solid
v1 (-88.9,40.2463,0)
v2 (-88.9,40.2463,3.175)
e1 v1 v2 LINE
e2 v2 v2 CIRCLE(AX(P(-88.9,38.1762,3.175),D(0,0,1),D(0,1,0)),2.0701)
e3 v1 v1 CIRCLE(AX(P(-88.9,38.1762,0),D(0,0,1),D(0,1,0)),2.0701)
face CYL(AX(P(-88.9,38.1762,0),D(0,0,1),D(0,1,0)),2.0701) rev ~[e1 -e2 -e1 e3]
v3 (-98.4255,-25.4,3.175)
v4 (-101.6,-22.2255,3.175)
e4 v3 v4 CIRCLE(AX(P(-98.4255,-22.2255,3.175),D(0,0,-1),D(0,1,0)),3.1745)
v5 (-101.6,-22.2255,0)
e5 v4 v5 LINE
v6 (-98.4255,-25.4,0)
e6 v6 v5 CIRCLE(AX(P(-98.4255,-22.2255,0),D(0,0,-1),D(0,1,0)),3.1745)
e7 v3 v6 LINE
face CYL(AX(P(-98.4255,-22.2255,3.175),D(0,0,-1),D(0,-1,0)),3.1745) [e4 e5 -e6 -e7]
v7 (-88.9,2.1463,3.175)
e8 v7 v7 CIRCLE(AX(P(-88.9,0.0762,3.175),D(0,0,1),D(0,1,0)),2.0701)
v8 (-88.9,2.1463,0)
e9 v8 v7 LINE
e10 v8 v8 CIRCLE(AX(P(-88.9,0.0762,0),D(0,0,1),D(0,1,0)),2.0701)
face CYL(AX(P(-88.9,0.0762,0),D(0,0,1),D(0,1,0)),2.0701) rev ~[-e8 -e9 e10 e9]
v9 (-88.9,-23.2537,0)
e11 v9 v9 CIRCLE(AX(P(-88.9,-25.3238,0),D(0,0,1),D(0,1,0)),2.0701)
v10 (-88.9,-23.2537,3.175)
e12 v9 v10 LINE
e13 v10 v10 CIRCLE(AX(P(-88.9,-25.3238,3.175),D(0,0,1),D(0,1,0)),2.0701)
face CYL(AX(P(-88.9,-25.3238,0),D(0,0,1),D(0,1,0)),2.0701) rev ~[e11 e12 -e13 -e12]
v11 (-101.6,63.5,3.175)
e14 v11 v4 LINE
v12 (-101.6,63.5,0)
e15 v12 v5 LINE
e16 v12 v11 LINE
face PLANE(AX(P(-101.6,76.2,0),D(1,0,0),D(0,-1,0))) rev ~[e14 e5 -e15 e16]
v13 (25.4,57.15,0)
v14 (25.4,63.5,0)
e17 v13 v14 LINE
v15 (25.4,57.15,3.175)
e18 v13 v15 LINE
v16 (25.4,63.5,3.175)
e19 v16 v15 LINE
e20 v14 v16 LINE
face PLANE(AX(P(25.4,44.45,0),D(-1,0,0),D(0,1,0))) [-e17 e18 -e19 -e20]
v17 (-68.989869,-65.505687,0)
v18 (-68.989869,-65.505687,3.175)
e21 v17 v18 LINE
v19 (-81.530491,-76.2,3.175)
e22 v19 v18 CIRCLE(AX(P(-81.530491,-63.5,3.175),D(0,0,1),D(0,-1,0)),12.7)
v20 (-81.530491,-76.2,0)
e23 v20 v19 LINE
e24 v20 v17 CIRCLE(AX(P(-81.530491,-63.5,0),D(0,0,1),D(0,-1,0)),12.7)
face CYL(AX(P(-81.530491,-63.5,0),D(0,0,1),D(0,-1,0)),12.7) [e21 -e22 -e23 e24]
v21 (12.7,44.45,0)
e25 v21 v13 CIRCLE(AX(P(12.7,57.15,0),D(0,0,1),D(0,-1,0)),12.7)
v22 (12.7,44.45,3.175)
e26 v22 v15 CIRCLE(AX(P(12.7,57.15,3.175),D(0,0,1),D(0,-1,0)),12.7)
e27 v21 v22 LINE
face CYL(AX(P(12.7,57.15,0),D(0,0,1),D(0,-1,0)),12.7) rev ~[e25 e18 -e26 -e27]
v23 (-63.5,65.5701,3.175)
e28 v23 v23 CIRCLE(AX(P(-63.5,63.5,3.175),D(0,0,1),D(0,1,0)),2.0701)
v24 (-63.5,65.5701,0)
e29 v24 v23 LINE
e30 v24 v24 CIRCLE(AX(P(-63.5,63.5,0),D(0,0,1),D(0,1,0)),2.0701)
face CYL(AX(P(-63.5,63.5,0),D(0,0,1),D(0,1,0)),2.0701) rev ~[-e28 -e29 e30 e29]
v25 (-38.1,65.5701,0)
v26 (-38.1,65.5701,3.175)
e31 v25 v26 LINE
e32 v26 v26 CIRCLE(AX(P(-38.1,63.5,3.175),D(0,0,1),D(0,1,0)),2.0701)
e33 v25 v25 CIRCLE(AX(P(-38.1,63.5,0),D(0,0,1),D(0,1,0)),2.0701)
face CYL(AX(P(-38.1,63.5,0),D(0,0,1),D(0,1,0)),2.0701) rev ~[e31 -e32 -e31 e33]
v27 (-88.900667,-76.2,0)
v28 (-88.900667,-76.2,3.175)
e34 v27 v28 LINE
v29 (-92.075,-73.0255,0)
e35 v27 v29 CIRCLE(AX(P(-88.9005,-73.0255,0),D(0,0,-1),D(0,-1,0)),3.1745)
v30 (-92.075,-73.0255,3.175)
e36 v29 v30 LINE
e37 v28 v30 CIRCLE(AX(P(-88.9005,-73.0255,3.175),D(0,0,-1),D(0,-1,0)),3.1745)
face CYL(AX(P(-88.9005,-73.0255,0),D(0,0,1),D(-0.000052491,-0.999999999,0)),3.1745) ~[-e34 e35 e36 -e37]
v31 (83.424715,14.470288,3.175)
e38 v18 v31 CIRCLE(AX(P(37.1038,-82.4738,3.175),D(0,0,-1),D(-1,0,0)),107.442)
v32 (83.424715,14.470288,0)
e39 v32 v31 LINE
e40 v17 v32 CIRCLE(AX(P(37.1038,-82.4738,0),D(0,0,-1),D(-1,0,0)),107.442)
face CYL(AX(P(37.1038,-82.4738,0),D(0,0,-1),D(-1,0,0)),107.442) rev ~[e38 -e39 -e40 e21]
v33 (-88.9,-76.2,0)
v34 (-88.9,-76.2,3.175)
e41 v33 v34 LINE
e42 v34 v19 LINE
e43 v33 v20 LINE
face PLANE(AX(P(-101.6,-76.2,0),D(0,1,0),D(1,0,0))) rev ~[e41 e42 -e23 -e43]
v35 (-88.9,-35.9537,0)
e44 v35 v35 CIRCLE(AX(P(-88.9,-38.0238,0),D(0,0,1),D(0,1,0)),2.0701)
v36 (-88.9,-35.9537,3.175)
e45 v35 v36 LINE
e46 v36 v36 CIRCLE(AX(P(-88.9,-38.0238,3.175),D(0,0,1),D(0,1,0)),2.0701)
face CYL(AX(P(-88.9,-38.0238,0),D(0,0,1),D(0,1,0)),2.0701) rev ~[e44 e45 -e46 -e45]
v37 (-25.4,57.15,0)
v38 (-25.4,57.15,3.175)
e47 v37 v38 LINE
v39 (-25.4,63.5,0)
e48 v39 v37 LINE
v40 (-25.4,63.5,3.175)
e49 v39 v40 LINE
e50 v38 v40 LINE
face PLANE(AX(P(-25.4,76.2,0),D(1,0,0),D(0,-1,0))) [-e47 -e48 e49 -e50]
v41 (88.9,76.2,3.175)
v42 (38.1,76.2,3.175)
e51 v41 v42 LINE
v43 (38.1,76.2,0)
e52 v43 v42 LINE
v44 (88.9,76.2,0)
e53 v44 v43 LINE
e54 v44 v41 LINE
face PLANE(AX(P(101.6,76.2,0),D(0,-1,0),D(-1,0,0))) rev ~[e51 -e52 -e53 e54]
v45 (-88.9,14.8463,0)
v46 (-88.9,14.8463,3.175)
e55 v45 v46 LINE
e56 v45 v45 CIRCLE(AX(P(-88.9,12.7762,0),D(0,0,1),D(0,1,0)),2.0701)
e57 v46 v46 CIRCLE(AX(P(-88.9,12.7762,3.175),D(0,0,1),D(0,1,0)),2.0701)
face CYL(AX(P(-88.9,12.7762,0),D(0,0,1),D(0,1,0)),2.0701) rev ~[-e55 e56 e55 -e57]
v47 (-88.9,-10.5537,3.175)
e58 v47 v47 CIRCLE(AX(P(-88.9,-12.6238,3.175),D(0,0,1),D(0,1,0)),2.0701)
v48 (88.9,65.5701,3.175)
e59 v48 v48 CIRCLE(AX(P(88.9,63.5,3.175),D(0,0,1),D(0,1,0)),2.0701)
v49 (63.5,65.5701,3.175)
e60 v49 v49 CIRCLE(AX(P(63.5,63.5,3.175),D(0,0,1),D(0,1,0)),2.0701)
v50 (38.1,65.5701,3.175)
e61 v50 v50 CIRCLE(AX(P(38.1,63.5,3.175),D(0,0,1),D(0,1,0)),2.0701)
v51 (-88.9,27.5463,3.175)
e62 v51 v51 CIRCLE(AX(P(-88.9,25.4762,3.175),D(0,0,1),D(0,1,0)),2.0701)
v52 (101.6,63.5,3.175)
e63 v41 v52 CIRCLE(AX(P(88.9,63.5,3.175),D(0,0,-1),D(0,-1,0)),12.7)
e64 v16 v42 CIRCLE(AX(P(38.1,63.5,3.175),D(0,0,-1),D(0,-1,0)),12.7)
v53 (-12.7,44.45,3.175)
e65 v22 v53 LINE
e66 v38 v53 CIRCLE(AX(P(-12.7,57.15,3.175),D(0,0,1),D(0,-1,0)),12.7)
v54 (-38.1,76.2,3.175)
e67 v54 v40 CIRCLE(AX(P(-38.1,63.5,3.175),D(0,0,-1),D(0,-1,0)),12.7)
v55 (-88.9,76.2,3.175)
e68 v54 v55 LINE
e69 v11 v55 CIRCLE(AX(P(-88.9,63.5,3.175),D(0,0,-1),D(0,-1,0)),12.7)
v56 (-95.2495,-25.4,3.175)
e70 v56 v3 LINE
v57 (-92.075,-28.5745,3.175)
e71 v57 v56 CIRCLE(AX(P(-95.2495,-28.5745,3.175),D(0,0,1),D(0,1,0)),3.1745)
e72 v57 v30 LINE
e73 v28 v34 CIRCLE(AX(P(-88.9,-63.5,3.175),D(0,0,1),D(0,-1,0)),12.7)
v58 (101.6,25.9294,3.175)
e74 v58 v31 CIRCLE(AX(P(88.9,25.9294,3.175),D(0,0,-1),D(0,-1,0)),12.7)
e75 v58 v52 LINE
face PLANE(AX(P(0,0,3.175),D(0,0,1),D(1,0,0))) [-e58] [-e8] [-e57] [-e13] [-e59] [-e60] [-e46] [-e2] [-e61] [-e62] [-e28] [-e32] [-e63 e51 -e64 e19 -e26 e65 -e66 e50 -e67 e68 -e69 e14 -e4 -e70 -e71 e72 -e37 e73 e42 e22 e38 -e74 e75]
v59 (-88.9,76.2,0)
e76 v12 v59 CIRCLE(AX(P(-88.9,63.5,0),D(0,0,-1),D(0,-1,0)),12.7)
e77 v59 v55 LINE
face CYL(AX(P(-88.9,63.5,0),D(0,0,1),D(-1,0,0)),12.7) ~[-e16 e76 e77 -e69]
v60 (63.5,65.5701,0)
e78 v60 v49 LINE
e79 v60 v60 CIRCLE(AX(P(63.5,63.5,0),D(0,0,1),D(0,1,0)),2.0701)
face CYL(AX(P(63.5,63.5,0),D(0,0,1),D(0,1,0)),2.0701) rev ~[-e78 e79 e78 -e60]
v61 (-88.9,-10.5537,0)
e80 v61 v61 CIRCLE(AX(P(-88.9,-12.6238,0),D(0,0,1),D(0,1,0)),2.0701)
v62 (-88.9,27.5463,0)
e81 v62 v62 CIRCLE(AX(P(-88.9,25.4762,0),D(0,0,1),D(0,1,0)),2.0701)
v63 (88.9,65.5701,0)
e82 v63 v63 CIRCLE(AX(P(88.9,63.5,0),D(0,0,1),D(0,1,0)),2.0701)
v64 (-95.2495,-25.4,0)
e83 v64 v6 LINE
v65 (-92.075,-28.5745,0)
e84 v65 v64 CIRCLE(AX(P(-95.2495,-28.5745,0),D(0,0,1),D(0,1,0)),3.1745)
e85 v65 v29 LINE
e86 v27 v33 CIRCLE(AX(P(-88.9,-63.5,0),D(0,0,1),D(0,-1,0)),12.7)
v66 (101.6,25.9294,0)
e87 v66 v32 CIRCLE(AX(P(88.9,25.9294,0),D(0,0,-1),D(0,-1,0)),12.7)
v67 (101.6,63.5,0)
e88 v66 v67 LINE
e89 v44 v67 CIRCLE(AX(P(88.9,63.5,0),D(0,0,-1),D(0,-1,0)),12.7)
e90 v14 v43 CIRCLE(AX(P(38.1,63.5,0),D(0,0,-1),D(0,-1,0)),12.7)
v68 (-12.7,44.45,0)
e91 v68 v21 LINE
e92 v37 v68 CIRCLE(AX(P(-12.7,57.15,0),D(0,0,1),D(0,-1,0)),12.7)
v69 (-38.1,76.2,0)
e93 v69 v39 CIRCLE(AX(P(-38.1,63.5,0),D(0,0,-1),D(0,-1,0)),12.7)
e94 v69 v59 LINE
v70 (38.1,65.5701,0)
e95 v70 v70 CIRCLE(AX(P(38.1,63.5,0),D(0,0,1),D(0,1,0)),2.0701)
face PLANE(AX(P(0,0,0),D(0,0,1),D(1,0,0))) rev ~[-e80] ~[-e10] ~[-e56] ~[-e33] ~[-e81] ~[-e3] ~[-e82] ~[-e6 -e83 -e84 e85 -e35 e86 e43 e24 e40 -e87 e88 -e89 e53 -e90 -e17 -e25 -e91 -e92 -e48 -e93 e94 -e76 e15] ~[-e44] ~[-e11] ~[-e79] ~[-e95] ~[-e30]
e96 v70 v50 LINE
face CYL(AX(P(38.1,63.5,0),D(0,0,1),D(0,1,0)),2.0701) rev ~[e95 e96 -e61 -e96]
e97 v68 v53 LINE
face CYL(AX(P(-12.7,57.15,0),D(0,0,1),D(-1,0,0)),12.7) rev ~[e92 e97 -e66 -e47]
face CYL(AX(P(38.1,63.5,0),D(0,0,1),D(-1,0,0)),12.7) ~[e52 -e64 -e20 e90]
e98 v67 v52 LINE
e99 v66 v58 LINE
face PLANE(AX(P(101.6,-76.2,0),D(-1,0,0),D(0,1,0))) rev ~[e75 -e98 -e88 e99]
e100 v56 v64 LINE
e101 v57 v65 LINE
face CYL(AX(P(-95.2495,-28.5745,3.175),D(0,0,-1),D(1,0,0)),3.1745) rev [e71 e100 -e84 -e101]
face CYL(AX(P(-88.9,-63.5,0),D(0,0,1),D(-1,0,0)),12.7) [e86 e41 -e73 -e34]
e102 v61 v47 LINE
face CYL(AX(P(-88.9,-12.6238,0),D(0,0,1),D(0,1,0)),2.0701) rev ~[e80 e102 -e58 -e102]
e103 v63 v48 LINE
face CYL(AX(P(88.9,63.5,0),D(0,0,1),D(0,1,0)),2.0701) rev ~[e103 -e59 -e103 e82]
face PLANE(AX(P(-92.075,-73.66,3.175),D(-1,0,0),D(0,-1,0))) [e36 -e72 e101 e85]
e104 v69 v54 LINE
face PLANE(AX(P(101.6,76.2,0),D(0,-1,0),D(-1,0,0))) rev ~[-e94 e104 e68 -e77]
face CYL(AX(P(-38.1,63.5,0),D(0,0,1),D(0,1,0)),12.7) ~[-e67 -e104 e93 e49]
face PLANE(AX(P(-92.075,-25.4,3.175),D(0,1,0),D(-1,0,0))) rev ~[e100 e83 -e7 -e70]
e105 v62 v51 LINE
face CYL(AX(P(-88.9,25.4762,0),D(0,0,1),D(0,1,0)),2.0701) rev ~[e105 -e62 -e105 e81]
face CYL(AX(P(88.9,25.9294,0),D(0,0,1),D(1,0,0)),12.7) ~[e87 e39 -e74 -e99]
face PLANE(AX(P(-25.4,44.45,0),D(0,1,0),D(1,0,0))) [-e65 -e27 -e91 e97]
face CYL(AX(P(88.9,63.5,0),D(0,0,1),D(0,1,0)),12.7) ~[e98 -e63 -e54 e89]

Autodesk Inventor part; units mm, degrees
ref_plane "YZ Plane" through (0, 0, 0) normal (1, 0, 0) x (0, 1, 0)
ref_plane "XZ Plane" through (0, 0, 0) normal (0, 1, 0) x (-1, 0, 0)
ref_plane "XY Plane" through (0, 0, 0) normal (0, 0, 1) x (1, 0, 0)
sketch "Sketch1" plane through (0, 0, 0) normal (0, 0, 1) x (1, 0, 0)
  line L0 (-101.6, -76.2) -> (101.6, -76.2)
  line L1 (101.6, -76.2) -> (101.6, 76.2)
  line L2 (101.6, 76.2) -> (-101.6, 76.2)
  line L3 (-101.6, 76.2) -> (-101.6, -76.2)
  line L4 (-101.6, -76.2) -> (101.6, 76.2) construction
  line L5 (101.6, -76.2) -> (-101.6, 76.2) construction
  point P0 (0, 0)
  dimension "d0" = 152.4
  dimension "d1" = 203.2
extrude "Extrusion1" add sketch "Sketch1" along normal blind 3.175
sketch "Sketch2" plane through (0, 0, 0) normal (0, 0, -1) x (-1, 0, 0)
  circle A0 centre (-37.1038, -82.4738) radius 101.092
  circle A1 centre (-37.1038, -82.4738) radius 107.442
  line L0 (-101.6, -76.2) -> (-101.6, 76.2) projected
  line L1 (-101.6, 3.4565) -> (-101.6, -76.2)
  line L2 (-101.6, -76.2) -> (70.1549, -76.2)
  line L3 (101.6, -76.2) -> (-101.6, -76.2) projected
  point P0 (0, 0)
  dimension "d4" = 214.884
extrude "Extrusion2" cut sketch "Sketch2" against normal blind 25.4 contours L2 L0 A0 | A0 L0 A1 L2 picked at (8.0579, -71.6086) picked at (67.4292, -71.4153)
fillet "Fillet1" radius 12.7 5 edges at (101.6, 76.2, 1.5875) (-101.6, 76.2, 1.5875) (-101.6, -76.2, 1.5875) (-70.1549, -76.2, 1.5875) (101.6, 3.4565, 1.5875)
sketch "Sketch3" plane through (0, 0, 0) normal (0, 0, -1) x (-1, 0, 0)
  line L0 (76.2027, 73.1012) -> (-660.4, 73.1012) projected
  line L1 (-660.4, 53.8988) -> (76.2027, 53.8988) projected
  circle A0 centre (-647.7, 63.5) radius 2.0701 projected
  circle A1 centre (-622.3, 63.5) radius 2.0701 projected
  circle A2 centre (-596.9, 63.5) radius 2.0701 projected
  circle A3 centre (-571.5, 63.5) radius 2.0701 projected
  circle A4 centre (-546.1, 63.5) radius 2.0701 projected
  circle A5 centre (-520.7, 63.5) radius 2.0701 projected
  circle A6 centre (-495.3, 63.5) radius 2.0701 projected
  circle A7 centre (-469.9, 63.5) radius 2.0701 projected
  circle A8 centre (-444.5, 63.5) radius 2.0701 projected
  circle A9 centre (-419.1, 63.5) radius 2.0701 projected
  circle A10 centre (-393.7, 63.5) radius 2.0701 projected
  circle A11 centre (-368.3, 63.5) radius 2.0701 projected
  circle A12 centre (-342.9, 63.5) radius 2.0701 projected
  circle A13 centre (-317.5, 63.5) radius 2.0701 projected
  circle A14 centre (-292.1, 63.5) radius 2.0701 projected
  circle A15 centre (-266.7, 63.5) radius 2.0701 projected
  circle A16 centre (-241.3, 63.5) radius 2.0701 projected
  circle A17 centre (-215.9, 63.5) radius 2.0701 projected
  circle A18 centre (-190.5, 63.5) radius 2.0701 projected
  circle A19 centre (-165.1, 63.5) radius 2.0701 projected
  circle A20 centre (-139.7, 63.5) radius 2.0701 projected
  circle A21 centre (-114.3, 63.5) radius 2.0701 projected
  circle A22 centre (-88.9, 63.5) radius 2.0701 projected
  circle A23 centre (-63.5, 63.5) radius 2.0701 projected
  circle A24 centre (-38.1, 63.5) radius 2.0701 projected
  circle A25 centre (-12.7, 63.5) radius 2.0701 projected
  circle A26 centre (12.7, 63.5) radius 2.0701 projected
  circle A27 centre (38.1, 63.5) radius 2.0701 projected
  circle A28 centre (63.5, 63.5) radius 2.0701 projected
  line L2 (97.2058, -44.2468) -> (78.359, -44.2468) projected
  line L3 (78.359, -44.2468) -> (76.2, -42.0878) projected
  line L4 (76.2, 16.8402) -> (76.2, -42.0878) projected
  line L5 (76.2, 16.8402) -> (78.359, 18.9992) projected
  line L6 (97.2058, 18.9992) -> (78.359, 18.9992) projected
  line L7 (97.2058, -44.2468) -> (97.2058, 18.9992) projected
  circle A29 centre (88.9, 12.7762) radius 2.0701 projected
  circle A30 centre (88.9, 0.0762) radius 2.0701 projected
  circle A31 centre (88.9, -12.6238) radius 2.0701 projected
  circle A32 centre (88.9, -25.3238) radius 2.0701 projected
  circle A33 centre (88.9, -38.0238) radius 2.0701 projected
  line L8 (76.2027, 73.1012) -> (76.2027, 53.8988) projected
  line L9 (-660.4, 53.8988) -> (-660.4, 73.1012) projected
  point P0 (0, 0)
  point P1 (88.9, 25.4762)
  point P2 (88.9, 38.1762)
  dimension "d17" = 12.7
hole "Hole1" at (88.9, 63.5, 0) at (63.5, 63.5, 0) at (38.1, 63.5, 0) at (12.7, 63.5, 0) at (-12.7, 63.5, 0) at (-38.1, 63.5, 0) at (-63.5, 63.5, 0) at (-88.9, 12.7762, 0) at (-88.9, 0.0762, 0) at (-88.9, -12.6238, 0) at (-88.9, -25.3238, 0) at (-88.9, -38.0238, 0) at (-88.9, 25.4762, 0) at (-88.9, 38.1762, 0) direction (0, 0, 1) diameter 4.1402 end through all
sketch "Sketch4" plane through (0, 0, 0) normal (0, 0, -1) x (-1, 0, 0)
  line L0 (-88.9, 76.2) -> (88.9, 76.2) projected
  line L1 (-25.4, 76.2) -> (25.4, 76.2)
  line L2 (25.4, 76.2) -> (25.4, 44.45)
  line L3 (25.4, 44.45) -> (-25.4, 44.45)
  line L4 (-25.4, 44.45) -> (-25.4, 76.2)
  line L5 (-101.6, 25.9294) -> (-101.6, 63.5) projected
  point P0 (0, 0)
  dimension "d23" = 31.75
  dimension "d24" = 50.8
  dimension "d25" = 76.2
extrude "Extrusion3" cut sketch "Sketch4" against normal through all
fillet "Fillet2" radius 12.7 4 edges at (25.4, 76.2, 1.5875) (25.4, 44.45, 1.5875) (-25.4, 44.45, 1.5875) (-25.4, 76.2, 1.5875)
sketch "Sketch5" plane through (0, 0, 3.175) normal (0, 0, 1) x (1, 0, 0)
  line L0 (-76.2, -76.1238) -> (-76.2, -25.4) projected
  line L1 (-76.2, -25.4) -> (-88.8238, -25.4) projected
  line L2 (-88.8238, -25.4) -> (-88.9, -25.4762) projected
  line L3 (-88.9, -25.4762) -> (-88.9762, -25.4) projected
  line L4 (-88.9762, -25.4) -> (-101.6, -25.4) projected
  line L5 (-101.6, -25.4) -> (-101.6, -76.1238) projected
  line L6 (-76.2, -76.1238) -> (-101.6, -76.1238) projected
  line L7 (-78.74, -27.94) -> (-78.74, -73.66) projected
  line L8 (-78.74, -73.66) -> (-99.06, -73.66) projected
  line L9 (-99.06, -73.66) -> (-99.06, -27.94) projected
  line L10 (-99.06, -27.94) -> (-78.74, -27.94) projected
  line L11 (-92.71, -31.75) -> (-92.71, -34.925) projected
  line L12 (-92.71, -31.75) -> (-99.06, -31.75) projected
  line L13 (-92.71, -66.675) -> (-92.71, -34.925) projected
  line L14 (-92.71, -66.675) -> (-92.71, -69.85) projected
  line L15 (-101.6, -25.4) -> (-92.075, -25.4)
  line L16 (-92.075, -25.4) -> (-92.075, -76.1238)
  line L17 (-92.075, -76.1238) -> (-101.6, -76.1238)
  line L18 (-101.6, -76.1238) -> (-101.6, -25.4)
  circle A0 centre (-88.9, -38.0238) radius 2.0701 projected
  point P0 (0, 0)
  point P1 (-88.9, -76.2)
  dimension "d35" = 0.635
extrude "Extrusion4" cut sketch "Sketch5" against normal through all contours L6 L5 L4 L16 L10 L9 L8 | L8 L9 L10 L16
fillet "Fillet3" radius 3.175 3 edges at (-101.6, -25.4, 1.5875) (-92.075, -25.4, 1.5875) (-92.075, -75.7967, 1.5875)
properties part number "C13R1_TK_UpperFrameSupportWheel" material "Polycarbonate, Clear"
